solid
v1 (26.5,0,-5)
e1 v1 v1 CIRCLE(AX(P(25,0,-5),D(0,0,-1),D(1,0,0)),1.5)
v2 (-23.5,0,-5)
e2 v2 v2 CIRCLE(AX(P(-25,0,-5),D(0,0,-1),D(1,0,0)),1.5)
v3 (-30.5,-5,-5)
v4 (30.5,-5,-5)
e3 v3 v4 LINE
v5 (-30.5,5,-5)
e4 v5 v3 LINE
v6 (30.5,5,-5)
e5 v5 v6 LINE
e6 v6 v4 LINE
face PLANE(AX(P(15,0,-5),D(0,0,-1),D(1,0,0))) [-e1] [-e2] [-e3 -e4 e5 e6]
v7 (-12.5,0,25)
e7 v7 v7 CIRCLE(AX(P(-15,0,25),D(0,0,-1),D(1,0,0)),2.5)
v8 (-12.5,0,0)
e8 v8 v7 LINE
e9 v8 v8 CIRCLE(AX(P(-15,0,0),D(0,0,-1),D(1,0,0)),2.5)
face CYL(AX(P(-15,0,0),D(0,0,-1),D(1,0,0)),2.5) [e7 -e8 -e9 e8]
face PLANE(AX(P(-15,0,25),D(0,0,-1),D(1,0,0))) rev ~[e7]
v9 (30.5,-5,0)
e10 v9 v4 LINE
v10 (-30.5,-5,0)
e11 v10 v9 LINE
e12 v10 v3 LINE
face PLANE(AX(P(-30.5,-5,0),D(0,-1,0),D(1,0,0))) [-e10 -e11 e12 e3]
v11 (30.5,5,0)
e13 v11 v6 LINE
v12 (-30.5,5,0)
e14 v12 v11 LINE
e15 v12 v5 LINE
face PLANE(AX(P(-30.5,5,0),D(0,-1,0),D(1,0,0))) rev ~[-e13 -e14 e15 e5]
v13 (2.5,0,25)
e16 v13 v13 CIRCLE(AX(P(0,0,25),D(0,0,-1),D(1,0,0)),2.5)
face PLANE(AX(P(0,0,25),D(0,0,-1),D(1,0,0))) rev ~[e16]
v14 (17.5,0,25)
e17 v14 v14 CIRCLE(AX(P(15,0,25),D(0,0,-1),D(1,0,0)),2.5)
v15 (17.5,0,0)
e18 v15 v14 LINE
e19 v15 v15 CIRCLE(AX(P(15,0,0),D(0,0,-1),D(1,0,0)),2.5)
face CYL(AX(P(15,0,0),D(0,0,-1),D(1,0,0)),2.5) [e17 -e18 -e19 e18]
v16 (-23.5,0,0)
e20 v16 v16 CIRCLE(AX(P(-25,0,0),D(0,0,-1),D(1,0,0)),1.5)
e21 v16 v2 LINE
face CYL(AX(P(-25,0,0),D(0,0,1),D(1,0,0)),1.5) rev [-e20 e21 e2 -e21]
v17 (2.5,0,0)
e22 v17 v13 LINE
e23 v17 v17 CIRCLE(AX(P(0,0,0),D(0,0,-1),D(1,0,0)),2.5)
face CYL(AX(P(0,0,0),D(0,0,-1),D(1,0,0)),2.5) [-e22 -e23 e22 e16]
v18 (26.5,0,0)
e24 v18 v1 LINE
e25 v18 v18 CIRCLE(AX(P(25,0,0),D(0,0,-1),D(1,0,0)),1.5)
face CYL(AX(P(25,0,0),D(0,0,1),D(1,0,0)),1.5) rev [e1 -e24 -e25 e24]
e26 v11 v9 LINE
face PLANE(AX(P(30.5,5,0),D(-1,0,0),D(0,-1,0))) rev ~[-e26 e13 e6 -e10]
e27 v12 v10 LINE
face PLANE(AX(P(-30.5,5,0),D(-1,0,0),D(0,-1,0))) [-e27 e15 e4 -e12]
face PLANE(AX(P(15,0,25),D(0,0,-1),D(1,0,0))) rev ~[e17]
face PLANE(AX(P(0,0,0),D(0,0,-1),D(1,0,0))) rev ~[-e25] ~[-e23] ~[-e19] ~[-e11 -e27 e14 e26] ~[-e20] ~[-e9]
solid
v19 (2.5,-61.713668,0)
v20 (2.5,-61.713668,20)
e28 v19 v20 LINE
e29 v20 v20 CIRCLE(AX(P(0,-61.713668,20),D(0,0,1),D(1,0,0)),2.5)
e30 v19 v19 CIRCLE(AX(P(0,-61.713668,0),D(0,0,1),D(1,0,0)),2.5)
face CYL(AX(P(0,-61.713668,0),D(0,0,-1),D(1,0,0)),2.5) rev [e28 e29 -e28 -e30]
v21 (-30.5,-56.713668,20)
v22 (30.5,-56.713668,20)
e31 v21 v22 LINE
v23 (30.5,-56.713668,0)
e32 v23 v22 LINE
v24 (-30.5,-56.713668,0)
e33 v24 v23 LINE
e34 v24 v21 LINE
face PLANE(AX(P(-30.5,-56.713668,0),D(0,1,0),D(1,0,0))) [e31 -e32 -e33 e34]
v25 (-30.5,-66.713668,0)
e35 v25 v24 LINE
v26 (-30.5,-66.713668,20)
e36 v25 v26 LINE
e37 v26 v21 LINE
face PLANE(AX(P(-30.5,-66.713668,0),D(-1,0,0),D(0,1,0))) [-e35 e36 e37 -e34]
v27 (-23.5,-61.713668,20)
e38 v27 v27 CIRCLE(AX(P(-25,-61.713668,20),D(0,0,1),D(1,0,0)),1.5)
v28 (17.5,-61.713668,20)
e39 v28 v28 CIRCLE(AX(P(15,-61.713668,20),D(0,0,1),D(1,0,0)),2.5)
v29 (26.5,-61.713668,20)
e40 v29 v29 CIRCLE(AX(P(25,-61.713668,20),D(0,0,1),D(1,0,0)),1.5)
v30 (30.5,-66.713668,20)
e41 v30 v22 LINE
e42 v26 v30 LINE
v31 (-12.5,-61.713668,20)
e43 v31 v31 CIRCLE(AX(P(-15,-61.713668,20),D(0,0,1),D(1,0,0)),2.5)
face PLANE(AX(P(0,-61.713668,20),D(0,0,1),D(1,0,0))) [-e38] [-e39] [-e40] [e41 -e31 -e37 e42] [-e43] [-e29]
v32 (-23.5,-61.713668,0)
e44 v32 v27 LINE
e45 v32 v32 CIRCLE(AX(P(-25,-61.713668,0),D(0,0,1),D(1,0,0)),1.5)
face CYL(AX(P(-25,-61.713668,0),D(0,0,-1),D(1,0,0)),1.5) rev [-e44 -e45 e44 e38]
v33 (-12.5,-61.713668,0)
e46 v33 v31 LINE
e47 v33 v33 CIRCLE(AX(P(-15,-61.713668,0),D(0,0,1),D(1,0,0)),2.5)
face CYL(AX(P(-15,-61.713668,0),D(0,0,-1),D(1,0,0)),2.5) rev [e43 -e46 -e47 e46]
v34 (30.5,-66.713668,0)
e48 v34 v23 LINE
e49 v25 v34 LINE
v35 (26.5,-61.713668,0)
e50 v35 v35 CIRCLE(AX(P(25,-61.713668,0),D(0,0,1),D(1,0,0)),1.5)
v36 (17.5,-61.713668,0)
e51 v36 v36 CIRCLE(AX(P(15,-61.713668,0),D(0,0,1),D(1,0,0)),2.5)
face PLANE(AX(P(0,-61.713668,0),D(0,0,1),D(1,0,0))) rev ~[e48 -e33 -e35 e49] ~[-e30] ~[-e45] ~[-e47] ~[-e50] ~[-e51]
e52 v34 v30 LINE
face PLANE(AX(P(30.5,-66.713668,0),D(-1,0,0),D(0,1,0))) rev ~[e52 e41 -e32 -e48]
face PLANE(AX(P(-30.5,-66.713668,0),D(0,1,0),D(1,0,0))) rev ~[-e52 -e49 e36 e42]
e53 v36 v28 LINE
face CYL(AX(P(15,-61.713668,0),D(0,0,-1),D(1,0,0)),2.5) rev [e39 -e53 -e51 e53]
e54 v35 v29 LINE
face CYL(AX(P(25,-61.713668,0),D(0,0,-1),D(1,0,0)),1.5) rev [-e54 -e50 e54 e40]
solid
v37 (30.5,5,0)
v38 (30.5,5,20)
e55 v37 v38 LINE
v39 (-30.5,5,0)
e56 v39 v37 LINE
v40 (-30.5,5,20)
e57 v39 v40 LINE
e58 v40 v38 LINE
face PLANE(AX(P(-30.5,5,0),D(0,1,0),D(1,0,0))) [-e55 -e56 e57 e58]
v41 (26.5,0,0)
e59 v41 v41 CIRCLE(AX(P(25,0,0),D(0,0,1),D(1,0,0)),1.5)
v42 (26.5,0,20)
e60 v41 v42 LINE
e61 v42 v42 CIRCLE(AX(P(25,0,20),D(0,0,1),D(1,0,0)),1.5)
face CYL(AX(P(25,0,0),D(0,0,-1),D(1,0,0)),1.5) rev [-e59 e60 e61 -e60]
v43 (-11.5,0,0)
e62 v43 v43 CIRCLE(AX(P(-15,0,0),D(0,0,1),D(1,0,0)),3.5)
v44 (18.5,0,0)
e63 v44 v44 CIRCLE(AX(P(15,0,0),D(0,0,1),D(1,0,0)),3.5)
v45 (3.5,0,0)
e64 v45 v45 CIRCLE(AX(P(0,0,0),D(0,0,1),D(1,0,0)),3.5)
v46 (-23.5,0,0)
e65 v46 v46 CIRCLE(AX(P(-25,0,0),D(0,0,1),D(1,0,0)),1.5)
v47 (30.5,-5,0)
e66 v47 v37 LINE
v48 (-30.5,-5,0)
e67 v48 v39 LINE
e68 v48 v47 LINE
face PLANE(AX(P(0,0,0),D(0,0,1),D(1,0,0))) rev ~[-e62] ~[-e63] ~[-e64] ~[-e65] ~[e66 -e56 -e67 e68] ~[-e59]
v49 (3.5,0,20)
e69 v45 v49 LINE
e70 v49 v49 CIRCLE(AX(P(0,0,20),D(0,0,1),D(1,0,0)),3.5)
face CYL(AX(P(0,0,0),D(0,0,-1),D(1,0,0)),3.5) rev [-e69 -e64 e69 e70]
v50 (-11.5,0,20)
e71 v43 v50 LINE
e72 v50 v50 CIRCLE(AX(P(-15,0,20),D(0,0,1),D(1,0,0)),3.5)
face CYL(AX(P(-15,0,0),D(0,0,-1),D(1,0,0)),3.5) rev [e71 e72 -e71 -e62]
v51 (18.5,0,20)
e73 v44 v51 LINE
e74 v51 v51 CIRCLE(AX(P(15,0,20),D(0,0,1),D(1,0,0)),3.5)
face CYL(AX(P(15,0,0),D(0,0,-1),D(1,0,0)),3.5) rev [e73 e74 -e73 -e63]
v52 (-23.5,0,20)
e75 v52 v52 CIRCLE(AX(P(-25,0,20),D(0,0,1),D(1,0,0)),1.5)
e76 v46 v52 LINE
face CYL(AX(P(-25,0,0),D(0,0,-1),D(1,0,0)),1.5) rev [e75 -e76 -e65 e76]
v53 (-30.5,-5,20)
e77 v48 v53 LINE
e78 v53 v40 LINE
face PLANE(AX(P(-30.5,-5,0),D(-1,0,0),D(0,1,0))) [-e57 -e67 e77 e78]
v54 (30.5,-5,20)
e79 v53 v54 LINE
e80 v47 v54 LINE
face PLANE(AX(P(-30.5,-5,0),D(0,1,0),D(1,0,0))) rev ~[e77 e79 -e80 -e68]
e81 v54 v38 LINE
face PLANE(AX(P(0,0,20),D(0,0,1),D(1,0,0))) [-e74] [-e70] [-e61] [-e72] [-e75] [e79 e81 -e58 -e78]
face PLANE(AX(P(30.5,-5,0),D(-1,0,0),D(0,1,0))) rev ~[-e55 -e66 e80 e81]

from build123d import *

# Parameters (mm, degrees)
F0_W          = 61
F0_H          = 10
F0_R          = 1.5
F0_R_2        = 3.5
F1_DEPTH      = 20
F2_W          = 61
F2_H          = 10
F2_R          = 1.5
F2_R_2        = 3.5
F2_R_3        = 2.5
F3_DEPTH      = 5
F4_DEPTH      = 25
F4_DEPTH_BACK = 5
F5_W          = 61
F5_H          = 10
F5_R          = 1.5
F5_R_2        = 2.5
F6_DEPTH      = 20


with BuildPart() as f1:
    # F0 (on Top) → F1 (new body)
    with BuildSketch(Plane.XY):
        Rectangle(F0_W, F0_H)
        with Locations((-25, 0)):
            Circle(F0_R, mode=Mode.SUBTRACT)
        with Locations((-15, 0)):
            Circle(F0_R_2, mode=Mode.SUBTRACT)
        Circle(F0_R_2, mode=Mode.SUBTRACT)
        with Locations((15, 0)):
            Circle(F0_R_2, mode=Mode.SUBTRACT)
        with Locations((25, 0)):
            Circle(F0_R, mode=Mode.SUBTRACT)
    extrude(amount=F1_DEPTH)


with BuildPart() as f3:
    # F2 (on face) → F3 (new body)
    with BuildSketch(Plane(origin=(0, 0, 0), x_dir=(1, 0, 0), z_dir=(0, 0, -1))):
        Rectangle(F2_W, F2_H)
        with Locations((-25, 0)):
            Circle(F2_R, mode=Mode.SUBTRACT)
        with Locations((-15, 0)):
            Circle(F2_R_2, mode=Mode.SUBTRACT)
        Circle(F2_R_2, mode=Mode.SUBTRACT)
        with Locations((15, 0)):
            Circle(F2_R_2, mode=Mode.SUBTRACT)
        with Locations((25, 0)):
            Circle(F2_R, mode=Mode.SUBTRACT)
        with Locations((-15, 0)):
            Circle(F2_R_2)
        with Locations((-15, 0)):
            Circle(F2_R_3, mode=Mode.SUBTRACT)
        Circle(F2_R_2)
        Circle(F2_R_3, mode=Mode.SUBTRACT)
        with Locations((15, 0)):
            Circle(F2_R_2)
        with Locations((15, 0)):
            Circle(F2_R_3, mode=Mode.SUBTRACT)
    extrude(amount=F3_DEPTH)

    # F2 (on face) → F4 (join, two sides)
    with BuildSketch(Plane(origin=(0, 0, 0), x_dir=(1, 0, 0), z_dir=(0, 0, -1))) as f4_sk:
        with Locations((15, 0)):
            Circle(F2_R_3)
        Circle(F2_R_3)
        with Locations((-15, 0)):
            Circle(F2_R_3)
    extrude(amount=-F4_DEPTH)
    extrude(f4_sk.sketch, amount=F4_DEPTH_BACK)


with BuildPart() as f6:
    # F5 (on Top) → F6 (new body)
    with BuildSketch(Plane.XY):
        with Locations((0, -61.713668406)):
            Rectangle(F5_W, F5_H)
        with Locations((-25, -61.713668406)):
            Circle(F5_R, mode=Mode.SUBTRACT)
        with Locations((-15, -61.713668406)):
            Circle(F5_R_2, mode=Mode.SUBTRACT)
        with Locations((0, -61.713668406)):
            Circle(F5_R_2, mode=Mode.SUBTRACT)
        with Locations((15, -61.713668406)):
            Circle(F5_R_2, mode=Mode.SUBTRACT)
        with Locations((25, -61.713668406)):
            Circle(F5_R, mode=Mode.SUBTRACT)
    extrude(amount=F6_DEPTH)


solid = Compound([f1.part, f3.part, f6.part])
